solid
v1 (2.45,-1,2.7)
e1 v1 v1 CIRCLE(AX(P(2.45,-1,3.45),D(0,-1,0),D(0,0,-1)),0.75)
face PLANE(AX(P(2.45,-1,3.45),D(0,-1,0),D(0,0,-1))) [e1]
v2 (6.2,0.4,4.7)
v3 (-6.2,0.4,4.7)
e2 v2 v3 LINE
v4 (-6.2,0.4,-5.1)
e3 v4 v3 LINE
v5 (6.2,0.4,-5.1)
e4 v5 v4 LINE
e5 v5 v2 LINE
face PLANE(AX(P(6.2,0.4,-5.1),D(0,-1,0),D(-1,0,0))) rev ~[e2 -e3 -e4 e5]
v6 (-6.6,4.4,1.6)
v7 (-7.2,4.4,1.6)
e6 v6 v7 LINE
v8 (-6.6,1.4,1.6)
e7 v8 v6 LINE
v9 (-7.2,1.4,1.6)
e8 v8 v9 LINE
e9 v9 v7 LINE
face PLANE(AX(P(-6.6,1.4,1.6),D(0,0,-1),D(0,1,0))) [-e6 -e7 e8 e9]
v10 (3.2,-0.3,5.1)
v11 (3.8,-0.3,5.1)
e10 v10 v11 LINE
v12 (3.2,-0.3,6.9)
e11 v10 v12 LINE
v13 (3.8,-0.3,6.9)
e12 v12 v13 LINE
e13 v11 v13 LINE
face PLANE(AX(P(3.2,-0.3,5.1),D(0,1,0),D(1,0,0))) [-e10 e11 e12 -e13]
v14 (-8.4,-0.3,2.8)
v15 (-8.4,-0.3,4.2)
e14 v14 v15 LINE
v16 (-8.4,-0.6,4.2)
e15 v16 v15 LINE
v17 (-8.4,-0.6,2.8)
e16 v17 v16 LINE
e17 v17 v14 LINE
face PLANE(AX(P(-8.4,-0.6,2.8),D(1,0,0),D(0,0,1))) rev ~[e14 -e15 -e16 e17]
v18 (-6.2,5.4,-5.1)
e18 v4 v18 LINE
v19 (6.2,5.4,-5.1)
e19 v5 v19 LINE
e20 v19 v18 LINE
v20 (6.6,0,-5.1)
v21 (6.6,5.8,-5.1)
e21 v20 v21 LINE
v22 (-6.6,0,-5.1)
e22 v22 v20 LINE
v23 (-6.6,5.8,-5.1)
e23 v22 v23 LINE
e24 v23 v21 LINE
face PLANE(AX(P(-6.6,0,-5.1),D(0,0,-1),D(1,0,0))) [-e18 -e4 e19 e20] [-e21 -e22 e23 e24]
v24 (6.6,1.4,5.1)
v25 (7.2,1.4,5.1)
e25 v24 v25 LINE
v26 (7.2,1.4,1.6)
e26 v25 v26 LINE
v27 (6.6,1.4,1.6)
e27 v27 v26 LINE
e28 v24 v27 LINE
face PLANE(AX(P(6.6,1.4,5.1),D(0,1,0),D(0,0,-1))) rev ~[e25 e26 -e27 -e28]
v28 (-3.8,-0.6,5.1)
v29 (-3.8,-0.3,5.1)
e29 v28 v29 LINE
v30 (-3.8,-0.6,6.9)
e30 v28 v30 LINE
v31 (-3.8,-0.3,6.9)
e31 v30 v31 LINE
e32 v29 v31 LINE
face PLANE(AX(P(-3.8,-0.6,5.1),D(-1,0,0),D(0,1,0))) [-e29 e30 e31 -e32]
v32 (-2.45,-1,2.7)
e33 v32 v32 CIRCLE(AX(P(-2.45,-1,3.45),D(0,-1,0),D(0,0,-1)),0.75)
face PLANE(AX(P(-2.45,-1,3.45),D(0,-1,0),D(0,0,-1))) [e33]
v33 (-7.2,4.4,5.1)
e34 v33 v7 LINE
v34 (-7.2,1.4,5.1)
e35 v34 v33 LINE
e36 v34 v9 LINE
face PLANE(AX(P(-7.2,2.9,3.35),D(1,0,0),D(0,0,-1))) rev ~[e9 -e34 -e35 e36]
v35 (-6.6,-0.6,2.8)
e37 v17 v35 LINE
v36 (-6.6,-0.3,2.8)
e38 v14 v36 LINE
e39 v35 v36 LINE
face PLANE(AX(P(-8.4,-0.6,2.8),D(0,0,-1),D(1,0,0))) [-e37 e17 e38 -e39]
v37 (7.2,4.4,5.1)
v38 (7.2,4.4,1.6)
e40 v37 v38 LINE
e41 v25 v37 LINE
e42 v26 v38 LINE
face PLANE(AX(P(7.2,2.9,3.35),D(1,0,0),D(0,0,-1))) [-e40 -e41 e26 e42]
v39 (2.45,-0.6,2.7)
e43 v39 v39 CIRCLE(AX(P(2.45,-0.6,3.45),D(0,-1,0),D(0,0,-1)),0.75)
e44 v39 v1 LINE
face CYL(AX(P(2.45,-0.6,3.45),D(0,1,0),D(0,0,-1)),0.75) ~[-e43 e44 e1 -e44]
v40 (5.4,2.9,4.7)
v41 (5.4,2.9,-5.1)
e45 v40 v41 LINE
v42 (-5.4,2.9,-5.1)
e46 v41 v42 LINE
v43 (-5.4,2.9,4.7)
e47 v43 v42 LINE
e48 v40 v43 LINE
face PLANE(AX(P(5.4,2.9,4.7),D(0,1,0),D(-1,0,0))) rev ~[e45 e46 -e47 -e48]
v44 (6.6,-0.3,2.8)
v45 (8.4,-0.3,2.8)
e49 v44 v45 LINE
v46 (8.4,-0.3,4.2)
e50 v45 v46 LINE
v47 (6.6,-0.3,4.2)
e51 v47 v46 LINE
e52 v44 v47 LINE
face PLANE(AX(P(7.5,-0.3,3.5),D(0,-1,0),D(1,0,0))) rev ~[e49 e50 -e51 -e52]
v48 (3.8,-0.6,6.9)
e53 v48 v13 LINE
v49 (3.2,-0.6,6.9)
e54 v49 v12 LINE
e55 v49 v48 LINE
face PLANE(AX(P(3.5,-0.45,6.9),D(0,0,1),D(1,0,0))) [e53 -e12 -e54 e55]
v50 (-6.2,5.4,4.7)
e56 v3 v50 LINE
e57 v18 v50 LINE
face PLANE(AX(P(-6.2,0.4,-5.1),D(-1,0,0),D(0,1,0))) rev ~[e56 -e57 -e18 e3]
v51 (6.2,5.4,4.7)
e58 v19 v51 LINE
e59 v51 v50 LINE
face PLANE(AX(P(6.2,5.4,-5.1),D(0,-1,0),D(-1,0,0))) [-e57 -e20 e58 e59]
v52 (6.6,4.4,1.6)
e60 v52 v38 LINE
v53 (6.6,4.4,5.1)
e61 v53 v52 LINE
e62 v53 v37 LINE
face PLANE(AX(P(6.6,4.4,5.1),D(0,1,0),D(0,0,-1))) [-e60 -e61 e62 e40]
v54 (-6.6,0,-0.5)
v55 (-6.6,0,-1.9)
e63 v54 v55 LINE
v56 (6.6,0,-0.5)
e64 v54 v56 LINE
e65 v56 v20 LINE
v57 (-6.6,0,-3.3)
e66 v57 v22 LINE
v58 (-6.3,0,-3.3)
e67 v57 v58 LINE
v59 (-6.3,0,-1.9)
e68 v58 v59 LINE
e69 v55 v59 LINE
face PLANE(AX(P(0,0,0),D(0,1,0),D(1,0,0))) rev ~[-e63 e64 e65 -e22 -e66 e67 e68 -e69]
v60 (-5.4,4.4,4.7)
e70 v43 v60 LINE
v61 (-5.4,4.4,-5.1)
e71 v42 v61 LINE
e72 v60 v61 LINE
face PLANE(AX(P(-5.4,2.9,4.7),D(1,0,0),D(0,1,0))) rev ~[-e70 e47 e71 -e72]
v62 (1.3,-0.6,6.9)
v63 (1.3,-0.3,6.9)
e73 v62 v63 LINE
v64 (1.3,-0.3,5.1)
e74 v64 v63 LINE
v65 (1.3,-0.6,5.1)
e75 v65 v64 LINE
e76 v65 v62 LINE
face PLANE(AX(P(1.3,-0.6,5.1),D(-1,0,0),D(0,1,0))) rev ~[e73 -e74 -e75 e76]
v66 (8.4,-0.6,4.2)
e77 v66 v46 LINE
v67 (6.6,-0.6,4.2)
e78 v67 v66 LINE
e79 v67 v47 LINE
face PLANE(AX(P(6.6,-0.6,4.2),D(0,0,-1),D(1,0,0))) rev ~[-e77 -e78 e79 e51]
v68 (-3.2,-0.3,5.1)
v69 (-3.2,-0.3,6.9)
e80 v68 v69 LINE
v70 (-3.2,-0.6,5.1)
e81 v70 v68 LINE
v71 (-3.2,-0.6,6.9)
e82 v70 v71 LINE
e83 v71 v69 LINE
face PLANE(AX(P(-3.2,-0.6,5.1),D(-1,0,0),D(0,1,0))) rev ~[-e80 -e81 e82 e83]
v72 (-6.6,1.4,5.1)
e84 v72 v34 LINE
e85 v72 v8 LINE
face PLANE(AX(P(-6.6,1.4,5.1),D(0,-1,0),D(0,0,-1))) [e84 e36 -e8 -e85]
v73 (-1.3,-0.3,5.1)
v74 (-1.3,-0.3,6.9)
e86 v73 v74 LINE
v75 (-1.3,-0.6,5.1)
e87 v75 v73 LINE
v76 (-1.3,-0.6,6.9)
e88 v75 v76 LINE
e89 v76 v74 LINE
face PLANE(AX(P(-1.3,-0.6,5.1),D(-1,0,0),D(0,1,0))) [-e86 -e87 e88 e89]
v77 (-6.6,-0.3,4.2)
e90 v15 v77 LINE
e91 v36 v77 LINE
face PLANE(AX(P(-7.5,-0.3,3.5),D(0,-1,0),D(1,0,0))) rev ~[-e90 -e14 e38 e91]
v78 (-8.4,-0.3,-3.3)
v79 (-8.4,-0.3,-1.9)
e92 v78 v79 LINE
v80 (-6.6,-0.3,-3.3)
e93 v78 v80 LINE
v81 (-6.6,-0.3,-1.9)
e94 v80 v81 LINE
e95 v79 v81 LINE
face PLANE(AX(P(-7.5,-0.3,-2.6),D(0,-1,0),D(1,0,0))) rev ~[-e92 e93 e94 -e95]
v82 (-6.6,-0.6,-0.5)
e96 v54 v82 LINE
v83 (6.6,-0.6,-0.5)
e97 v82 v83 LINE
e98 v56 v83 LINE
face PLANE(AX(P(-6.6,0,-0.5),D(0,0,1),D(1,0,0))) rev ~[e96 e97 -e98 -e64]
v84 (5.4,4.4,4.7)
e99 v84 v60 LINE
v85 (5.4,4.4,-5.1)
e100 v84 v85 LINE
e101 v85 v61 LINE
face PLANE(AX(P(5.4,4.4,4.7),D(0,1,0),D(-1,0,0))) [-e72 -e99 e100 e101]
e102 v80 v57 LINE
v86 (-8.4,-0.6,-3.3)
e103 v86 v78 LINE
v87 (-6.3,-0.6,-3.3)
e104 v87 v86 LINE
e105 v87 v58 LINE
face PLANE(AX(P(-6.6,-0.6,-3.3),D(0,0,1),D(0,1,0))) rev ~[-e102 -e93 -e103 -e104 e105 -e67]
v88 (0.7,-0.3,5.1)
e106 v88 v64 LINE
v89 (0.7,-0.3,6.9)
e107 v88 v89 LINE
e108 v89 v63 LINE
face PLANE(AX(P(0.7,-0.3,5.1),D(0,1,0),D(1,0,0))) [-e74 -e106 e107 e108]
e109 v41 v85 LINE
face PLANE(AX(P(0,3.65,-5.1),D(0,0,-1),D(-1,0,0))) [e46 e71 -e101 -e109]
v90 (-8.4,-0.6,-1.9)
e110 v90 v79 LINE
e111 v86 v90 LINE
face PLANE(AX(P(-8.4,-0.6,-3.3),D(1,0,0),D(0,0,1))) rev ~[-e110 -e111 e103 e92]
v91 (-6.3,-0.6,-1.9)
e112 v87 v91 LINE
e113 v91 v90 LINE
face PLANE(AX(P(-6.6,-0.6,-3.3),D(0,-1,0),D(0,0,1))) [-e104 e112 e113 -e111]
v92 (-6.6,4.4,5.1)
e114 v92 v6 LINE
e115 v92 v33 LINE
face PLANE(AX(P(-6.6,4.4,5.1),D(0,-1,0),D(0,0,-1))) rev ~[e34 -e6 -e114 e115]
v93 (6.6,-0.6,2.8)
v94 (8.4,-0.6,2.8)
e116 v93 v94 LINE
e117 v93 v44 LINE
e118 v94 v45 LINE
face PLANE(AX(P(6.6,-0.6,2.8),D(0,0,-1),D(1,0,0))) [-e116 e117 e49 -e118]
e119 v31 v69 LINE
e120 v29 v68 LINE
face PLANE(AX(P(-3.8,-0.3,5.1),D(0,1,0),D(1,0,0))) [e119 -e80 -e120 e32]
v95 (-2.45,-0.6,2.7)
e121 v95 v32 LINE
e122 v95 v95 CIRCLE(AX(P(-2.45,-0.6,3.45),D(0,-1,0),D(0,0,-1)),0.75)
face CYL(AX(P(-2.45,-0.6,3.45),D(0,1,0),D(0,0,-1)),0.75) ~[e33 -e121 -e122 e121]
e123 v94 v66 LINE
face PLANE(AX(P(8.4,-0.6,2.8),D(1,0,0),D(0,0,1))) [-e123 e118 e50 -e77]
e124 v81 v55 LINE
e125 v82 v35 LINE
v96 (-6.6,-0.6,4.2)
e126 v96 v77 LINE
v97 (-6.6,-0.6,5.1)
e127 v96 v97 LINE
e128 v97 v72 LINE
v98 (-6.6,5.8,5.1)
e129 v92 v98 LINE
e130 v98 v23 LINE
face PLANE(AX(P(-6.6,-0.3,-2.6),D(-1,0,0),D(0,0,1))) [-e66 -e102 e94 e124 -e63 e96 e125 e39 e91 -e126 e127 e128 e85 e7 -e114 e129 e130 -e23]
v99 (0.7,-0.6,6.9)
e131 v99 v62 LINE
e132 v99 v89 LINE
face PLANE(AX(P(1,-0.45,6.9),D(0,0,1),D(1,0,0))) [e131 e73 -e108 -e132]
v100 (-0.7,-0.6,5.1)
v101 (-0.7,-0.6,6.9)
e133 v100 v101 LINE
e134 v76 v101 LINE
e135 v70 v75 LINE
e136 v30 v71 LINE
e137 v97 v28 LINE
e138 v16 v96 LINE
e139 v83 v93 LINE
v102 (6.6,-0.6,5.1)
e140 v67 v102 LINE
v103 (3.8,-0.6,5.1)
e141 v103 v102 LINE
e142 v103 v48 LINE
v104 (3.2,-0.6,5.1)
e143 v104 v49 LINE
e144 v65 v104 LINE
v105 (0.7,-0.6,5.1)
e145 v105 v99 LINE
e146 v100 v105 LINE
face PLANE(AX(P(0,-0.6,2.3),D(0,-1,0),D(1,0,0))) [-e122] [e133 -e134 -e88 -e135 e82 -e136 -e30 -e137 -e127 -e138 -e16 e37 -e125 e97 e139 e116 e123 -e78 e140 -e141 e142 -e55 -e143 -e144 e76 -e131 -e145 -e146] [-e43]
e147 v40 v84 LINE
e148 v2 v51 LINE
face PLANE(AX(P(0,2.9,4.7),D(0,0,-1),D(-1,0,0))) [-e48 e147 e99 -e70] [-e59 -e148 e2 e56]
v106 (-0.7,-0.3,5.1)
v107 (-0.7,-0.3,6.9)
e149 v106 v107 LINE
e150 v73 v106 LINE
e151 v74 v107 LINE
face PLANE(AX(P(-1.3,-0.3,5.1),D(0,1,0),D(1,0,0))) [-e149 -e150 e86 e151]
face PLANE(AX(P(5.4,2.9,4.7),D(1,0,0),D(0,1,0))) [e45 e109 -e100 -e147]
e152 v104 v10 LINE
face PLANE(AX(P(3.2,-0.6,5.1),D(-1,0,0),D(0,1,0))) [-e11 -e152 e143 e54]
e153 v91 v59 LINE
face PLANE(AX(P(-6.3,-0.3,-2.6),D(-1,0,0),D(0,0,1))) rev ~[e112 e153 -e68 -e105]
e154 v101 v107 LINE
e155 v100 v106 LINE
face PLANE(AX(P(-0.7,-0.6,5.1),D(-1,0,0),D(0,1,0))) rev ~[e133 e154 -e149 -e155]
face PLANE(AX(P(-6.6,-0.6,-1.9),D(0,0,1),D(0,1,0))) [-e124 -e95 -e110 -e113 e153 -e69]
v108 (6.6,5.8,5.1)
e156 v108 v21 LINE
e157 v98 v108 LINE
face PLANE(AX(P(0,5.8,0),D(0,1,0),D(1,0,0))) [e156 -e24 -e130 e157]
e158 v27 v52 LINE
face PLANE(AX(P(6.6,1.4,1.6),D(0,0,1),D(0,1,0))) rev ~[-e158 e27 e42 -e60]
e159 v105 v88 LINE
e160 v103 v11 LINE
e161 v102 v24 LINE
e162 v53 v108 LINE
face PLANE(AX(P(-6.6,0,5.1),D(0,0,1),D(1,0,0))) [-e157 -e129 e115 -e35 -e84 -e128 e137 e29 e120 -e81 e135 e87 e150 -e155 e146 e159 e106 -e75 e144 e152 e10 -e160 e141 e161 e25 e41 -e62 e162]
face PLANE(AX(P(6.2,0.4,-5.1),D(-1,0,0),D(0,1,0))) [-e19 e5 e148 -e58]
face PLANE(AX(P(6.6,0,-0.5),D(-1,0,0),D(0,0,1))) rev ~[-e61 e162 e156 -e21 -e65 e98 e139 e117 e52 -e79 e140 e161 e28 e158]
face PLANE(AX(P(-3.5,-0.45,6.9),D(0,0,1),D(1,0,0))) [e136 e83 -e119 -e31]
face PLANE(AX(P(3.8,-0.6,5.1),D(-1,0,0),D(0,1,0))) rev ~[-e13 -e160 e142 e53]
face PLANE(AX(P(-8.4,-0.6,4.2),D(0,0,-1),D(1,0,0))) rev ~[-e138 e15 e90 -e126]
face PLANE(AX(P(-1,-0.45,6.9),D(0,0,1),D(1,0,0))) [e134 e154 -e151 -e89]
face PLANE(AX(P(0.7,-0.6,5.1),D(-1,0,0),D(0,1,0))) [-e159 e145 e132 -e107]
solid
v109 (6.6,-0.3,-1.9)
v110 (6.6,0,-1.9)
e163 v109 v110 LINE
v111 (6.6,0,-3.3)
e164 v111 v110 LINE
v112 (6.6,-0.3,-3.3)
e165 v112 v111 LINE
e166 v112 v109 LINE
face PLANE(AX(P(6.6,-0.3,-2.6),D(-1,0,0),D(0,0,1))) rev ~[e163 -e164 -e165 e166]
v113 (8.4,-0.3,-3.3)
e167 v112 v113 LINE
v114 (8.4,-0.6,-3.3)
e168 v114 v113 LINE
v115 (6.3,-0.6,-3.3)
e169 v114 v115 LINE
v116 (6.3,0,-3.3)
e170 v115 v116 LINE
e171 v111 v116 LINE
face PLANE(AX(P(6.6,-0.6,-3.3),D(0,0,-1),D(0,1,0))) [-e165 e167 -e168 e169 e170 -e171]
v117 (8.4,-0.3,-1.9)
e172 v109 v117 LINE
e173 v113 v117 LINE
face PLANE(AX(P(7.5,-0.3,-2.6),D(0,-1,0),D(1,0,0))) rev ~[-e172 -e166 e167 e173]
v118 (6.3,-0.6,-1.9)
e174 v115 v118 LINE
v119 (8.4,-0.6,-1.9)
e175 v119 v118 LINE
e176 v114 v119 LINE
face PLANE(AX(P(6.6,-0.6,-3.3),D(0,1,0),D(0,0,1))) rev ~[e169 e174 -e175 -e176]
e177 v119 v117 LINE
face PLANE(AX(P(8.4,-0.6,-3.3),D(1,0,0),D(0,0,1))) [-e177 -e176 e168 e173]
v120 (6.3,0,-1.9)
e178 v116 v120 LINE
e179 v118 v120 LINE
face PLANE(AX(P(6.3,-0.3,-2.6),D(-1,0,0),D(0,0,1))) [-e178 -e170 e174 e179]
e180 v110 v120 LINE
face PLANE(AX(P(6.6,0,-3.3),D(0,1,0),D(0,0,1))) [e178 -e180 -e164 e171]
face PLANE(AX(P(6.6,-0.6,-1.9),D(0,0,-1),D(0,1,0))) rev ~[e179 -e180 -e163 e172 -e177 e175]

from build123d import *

# Parameters (mm, degrees)
SKETCH_1_W          = 13.2
SKETCH_1_H          = 10.2
EXTRUDE_1_DEPTH     = 5.8
SKETCH_2_W          = 12.4
SKETCH_2_H          = 5
CUT_EXTRUDE_1_DEPTH = 9.8
SKETCH_3_W          = 10.8
SKETCH_3_H          = 1.5
EXTRUDE_2_DEPTH     = 9.8
SKETCH_4_W          = 3.5
SKETCH_4_H          = 3
EXTRUDE_3_DEPTH     = 0.6
EXTRUDE_START       = -13.2
SKETCH_4_2_W        = 3.5
SKETCH_4_2_H        = 3
EXTRUDE_4_DEPTH     = 0.6
SKETCH_5_W          = 13.2
SKETCH_5_H          = 5.6
EXTRUDE_5_DEPTH     = 0.6
SKETCH_6_R          = 0.75
EXTRUDE_6_DEPTH     = 0.4
SKETCH_7_W          = 1.8
SKETCH_7_H          = 1.4
EXTRUDE_7_DEPTH     = 0.3
SKETCH_8_W          = 1.4
SKETCH_8_H          = 0.6
EXTRUDE_9_DEPTH     = 0.3
EXTRUDE_START_2     = 13.2
SKETCH_8_2_W        = 1.4
SKETCH_8_2_H        = 0.6
EXTRUDE_10_DEPTH    = 0.3
SKETCH_9_W          = 0.6
SKETCH_9_H          = 0.3
EXTRUDE_11_DEPTH    = 1.8


with BuildPart() as part:
    # 草图1 → 凸台-拉伸1 (new body)
    with BuildSketch(Plane(origin=(0, 0, 0), x_dir=(1, 0, 0), z_dir=(0, 1, 0))):
        Rectangle(SKETCH_1_W, SKETCH_1_H)
    extrude(amount=EXTRUDE_1_DEPTH)

    # 草图2 → 切除-拉伸1 (cut)
    with BuildSketch(Plane(origin=(0, 0, -5.1), x_dir=(-1, 0, 0), z_dir=(0, 0, -1))):
        with Locations((0, 2.9)):
            Rectangle(SKETCH_2_W, SKETCH_2_H)
    extrude(amount=-CUT_EXTRUDE_1_DEPTH, mode=Mode.SUBTRACT)

    # 草图3 → 凸台-拉伸2 (add)
    with BuildSketch(Plane(origin=(0, 0, 4.7), x_dir=(-1, 0, 0), z_dir=(0, 0, -1))):
        with Locations((0, 3.65)):
            Rectangle(SKETCH_3_W, SKETCH_3_H)
    extrude(amount=EXTRUDE_2_DEPTH)

    # 草图4 → 凸台-拉伸3 (add)
    with BuildSketch(Plane(origin=(6.6, 0, 0), x_dir=(0, 0, -1), z_dir=(1, 0, 0))):
        with Locations((-3.35, 2.9)):
            Rectangle(SKETCH_4_W, SKETCH_4_H)
    extrude(amount=EXTRUDE_3_DEPTH)

    # 草图4<2> → 凸台-拉伸4 (add)
    with BuildSketch(Plane(origin=(6.6, 0, 0), x_dir=(0, 0, -1), z_dir=(1, 0, 0)).offset(EXTRUDE_START)):
        with Locations((-3.35, 2.9)):
            Rectangle(SKETCH_4_2_W, SKETCH_4_2_H)
    extrude(amount=-EXTRUDE_4_DEPTH)

    # 草图5 → 凸台-拉伸5 (add)
    with BuildSketch(Plane.XZ):
        with Locations((0, 2.3)):
            Rectangle(SKETCH_5_W, SKETCH_5_H)
    extrude(amount=EXTRUDE_5_DEPTH)

    # 草图6 → 凸台-拉伸6 (add)
    with BuildSketch(Plane.XZ.offset(0.6)):
        with Locations(Location((-2.45, 3.45, 0), (0, 0, 270))):
            Circle(SKETCH_6_R)
        with Locations(Location((2.45, 3.45, 0), (0, 0, 270))):
            Circle(SKETCH_6_R)
    extrude(amount=EXTRUDE_6_DEPTH)

    # 草图7 → 凸台-拉伸7 (add)
    with BuildSketch(Plane.XZ.offset(0.6)):
        with Locations((-7.5, 3.5)):
            Rectangle(SKETCH_7_W, SKETCH_7_H)
        with Locations((7.5, 3.5)):
            Rectangle(SKETCH_7_W, SKETCH_7_H)
        with Locations((-7.5, -2.6)):
            Rectangle(SKETCH_7_W, SKETCH_7_H)
        with Locations((7.5, -2.6)):
            Rectangle(SKETCH_7_W, SKETCH_7_H)
    extrude(amount=-EXTRUDE_7_DEPTH)


with BuildPart() as extrude_7_piece_1:
    # of the separate pieces the step leaves, piece 1, a body of its own (extrude_7_pieces)
    add(part.part.solids().sort_by_distance((-6.6, 1.4, 5.1))[0])



with BuildPart() as extrude_7_piece_2:
    # of the separate pieces the step leaves, piece 2, a body of its own (extrude_7_pieces)
    add(part.part.solids().sort_by_distance((6.6, -0.6, -1.9))[0])

    # 草图8 → 凸台-拉伸9 (add)
    with BuildSketch(Plane.ZY.offset(-6.6)):
        with Locations((-2.6, -0.3)):
            Rectangle(SKETCH_8_W, SKETCH_8_H)
    extrude(amount=EXTRUDE_9_DEPTH)


with BuildPart() as extrude_7_piece_3:
    # of the separate pieces the step leaves, piece 3, a body of its own (extrude_7_pieces)
    add(part.part.solids().sort_by_distance((-6.6, -0.6, -1.9))[0])


with BuildPart() as extrude_7_piece_1_1:
    add(extrude_7_piece_1.part)

    add(extrude_7_piece_3.part)  # 凸台-拉伸10 merges 凸台-拉伸7 piece 3
    # 草图8<2> → 凸台-拉伸10 (add)
    with BuildSketch(Plane.ZY.offset(-6.6).offset(EXTRUDE_START_2)):
        with Locations((-2.6, -0.3)):
            Rectangle(SKETCH_8_2_W, SKETCH_8_2_H)
    extrude(amount=-EXTRUDE_10_DEPTH)

    # 草图9 → 凸台-拉伸11 (add)
    with BuildSketch(Plane.XY.offset(5.1)):
        with Locations((-3.5, -0.45)):
            Rectangle(SKETCH_9_W, SKETCH_9_H)
        with Locations((-1, -0.45)):
            Rectangle(SKETCH_9_W, SKETCH_9_H)
        with Locations((1, -0.45)):
            Rectangle(SKETCH_9_W, SKETCH_9_H)
        with Locations((3.5, -0.45)):
            Rectangle(SKETCH_9_W, SKETCH_9_H)
    extrude(amount=EXTRUDE_11_DEPTH)


solid = Compound([extrude_7_piece_2.part, extrude_7_piece_1_1.part])
